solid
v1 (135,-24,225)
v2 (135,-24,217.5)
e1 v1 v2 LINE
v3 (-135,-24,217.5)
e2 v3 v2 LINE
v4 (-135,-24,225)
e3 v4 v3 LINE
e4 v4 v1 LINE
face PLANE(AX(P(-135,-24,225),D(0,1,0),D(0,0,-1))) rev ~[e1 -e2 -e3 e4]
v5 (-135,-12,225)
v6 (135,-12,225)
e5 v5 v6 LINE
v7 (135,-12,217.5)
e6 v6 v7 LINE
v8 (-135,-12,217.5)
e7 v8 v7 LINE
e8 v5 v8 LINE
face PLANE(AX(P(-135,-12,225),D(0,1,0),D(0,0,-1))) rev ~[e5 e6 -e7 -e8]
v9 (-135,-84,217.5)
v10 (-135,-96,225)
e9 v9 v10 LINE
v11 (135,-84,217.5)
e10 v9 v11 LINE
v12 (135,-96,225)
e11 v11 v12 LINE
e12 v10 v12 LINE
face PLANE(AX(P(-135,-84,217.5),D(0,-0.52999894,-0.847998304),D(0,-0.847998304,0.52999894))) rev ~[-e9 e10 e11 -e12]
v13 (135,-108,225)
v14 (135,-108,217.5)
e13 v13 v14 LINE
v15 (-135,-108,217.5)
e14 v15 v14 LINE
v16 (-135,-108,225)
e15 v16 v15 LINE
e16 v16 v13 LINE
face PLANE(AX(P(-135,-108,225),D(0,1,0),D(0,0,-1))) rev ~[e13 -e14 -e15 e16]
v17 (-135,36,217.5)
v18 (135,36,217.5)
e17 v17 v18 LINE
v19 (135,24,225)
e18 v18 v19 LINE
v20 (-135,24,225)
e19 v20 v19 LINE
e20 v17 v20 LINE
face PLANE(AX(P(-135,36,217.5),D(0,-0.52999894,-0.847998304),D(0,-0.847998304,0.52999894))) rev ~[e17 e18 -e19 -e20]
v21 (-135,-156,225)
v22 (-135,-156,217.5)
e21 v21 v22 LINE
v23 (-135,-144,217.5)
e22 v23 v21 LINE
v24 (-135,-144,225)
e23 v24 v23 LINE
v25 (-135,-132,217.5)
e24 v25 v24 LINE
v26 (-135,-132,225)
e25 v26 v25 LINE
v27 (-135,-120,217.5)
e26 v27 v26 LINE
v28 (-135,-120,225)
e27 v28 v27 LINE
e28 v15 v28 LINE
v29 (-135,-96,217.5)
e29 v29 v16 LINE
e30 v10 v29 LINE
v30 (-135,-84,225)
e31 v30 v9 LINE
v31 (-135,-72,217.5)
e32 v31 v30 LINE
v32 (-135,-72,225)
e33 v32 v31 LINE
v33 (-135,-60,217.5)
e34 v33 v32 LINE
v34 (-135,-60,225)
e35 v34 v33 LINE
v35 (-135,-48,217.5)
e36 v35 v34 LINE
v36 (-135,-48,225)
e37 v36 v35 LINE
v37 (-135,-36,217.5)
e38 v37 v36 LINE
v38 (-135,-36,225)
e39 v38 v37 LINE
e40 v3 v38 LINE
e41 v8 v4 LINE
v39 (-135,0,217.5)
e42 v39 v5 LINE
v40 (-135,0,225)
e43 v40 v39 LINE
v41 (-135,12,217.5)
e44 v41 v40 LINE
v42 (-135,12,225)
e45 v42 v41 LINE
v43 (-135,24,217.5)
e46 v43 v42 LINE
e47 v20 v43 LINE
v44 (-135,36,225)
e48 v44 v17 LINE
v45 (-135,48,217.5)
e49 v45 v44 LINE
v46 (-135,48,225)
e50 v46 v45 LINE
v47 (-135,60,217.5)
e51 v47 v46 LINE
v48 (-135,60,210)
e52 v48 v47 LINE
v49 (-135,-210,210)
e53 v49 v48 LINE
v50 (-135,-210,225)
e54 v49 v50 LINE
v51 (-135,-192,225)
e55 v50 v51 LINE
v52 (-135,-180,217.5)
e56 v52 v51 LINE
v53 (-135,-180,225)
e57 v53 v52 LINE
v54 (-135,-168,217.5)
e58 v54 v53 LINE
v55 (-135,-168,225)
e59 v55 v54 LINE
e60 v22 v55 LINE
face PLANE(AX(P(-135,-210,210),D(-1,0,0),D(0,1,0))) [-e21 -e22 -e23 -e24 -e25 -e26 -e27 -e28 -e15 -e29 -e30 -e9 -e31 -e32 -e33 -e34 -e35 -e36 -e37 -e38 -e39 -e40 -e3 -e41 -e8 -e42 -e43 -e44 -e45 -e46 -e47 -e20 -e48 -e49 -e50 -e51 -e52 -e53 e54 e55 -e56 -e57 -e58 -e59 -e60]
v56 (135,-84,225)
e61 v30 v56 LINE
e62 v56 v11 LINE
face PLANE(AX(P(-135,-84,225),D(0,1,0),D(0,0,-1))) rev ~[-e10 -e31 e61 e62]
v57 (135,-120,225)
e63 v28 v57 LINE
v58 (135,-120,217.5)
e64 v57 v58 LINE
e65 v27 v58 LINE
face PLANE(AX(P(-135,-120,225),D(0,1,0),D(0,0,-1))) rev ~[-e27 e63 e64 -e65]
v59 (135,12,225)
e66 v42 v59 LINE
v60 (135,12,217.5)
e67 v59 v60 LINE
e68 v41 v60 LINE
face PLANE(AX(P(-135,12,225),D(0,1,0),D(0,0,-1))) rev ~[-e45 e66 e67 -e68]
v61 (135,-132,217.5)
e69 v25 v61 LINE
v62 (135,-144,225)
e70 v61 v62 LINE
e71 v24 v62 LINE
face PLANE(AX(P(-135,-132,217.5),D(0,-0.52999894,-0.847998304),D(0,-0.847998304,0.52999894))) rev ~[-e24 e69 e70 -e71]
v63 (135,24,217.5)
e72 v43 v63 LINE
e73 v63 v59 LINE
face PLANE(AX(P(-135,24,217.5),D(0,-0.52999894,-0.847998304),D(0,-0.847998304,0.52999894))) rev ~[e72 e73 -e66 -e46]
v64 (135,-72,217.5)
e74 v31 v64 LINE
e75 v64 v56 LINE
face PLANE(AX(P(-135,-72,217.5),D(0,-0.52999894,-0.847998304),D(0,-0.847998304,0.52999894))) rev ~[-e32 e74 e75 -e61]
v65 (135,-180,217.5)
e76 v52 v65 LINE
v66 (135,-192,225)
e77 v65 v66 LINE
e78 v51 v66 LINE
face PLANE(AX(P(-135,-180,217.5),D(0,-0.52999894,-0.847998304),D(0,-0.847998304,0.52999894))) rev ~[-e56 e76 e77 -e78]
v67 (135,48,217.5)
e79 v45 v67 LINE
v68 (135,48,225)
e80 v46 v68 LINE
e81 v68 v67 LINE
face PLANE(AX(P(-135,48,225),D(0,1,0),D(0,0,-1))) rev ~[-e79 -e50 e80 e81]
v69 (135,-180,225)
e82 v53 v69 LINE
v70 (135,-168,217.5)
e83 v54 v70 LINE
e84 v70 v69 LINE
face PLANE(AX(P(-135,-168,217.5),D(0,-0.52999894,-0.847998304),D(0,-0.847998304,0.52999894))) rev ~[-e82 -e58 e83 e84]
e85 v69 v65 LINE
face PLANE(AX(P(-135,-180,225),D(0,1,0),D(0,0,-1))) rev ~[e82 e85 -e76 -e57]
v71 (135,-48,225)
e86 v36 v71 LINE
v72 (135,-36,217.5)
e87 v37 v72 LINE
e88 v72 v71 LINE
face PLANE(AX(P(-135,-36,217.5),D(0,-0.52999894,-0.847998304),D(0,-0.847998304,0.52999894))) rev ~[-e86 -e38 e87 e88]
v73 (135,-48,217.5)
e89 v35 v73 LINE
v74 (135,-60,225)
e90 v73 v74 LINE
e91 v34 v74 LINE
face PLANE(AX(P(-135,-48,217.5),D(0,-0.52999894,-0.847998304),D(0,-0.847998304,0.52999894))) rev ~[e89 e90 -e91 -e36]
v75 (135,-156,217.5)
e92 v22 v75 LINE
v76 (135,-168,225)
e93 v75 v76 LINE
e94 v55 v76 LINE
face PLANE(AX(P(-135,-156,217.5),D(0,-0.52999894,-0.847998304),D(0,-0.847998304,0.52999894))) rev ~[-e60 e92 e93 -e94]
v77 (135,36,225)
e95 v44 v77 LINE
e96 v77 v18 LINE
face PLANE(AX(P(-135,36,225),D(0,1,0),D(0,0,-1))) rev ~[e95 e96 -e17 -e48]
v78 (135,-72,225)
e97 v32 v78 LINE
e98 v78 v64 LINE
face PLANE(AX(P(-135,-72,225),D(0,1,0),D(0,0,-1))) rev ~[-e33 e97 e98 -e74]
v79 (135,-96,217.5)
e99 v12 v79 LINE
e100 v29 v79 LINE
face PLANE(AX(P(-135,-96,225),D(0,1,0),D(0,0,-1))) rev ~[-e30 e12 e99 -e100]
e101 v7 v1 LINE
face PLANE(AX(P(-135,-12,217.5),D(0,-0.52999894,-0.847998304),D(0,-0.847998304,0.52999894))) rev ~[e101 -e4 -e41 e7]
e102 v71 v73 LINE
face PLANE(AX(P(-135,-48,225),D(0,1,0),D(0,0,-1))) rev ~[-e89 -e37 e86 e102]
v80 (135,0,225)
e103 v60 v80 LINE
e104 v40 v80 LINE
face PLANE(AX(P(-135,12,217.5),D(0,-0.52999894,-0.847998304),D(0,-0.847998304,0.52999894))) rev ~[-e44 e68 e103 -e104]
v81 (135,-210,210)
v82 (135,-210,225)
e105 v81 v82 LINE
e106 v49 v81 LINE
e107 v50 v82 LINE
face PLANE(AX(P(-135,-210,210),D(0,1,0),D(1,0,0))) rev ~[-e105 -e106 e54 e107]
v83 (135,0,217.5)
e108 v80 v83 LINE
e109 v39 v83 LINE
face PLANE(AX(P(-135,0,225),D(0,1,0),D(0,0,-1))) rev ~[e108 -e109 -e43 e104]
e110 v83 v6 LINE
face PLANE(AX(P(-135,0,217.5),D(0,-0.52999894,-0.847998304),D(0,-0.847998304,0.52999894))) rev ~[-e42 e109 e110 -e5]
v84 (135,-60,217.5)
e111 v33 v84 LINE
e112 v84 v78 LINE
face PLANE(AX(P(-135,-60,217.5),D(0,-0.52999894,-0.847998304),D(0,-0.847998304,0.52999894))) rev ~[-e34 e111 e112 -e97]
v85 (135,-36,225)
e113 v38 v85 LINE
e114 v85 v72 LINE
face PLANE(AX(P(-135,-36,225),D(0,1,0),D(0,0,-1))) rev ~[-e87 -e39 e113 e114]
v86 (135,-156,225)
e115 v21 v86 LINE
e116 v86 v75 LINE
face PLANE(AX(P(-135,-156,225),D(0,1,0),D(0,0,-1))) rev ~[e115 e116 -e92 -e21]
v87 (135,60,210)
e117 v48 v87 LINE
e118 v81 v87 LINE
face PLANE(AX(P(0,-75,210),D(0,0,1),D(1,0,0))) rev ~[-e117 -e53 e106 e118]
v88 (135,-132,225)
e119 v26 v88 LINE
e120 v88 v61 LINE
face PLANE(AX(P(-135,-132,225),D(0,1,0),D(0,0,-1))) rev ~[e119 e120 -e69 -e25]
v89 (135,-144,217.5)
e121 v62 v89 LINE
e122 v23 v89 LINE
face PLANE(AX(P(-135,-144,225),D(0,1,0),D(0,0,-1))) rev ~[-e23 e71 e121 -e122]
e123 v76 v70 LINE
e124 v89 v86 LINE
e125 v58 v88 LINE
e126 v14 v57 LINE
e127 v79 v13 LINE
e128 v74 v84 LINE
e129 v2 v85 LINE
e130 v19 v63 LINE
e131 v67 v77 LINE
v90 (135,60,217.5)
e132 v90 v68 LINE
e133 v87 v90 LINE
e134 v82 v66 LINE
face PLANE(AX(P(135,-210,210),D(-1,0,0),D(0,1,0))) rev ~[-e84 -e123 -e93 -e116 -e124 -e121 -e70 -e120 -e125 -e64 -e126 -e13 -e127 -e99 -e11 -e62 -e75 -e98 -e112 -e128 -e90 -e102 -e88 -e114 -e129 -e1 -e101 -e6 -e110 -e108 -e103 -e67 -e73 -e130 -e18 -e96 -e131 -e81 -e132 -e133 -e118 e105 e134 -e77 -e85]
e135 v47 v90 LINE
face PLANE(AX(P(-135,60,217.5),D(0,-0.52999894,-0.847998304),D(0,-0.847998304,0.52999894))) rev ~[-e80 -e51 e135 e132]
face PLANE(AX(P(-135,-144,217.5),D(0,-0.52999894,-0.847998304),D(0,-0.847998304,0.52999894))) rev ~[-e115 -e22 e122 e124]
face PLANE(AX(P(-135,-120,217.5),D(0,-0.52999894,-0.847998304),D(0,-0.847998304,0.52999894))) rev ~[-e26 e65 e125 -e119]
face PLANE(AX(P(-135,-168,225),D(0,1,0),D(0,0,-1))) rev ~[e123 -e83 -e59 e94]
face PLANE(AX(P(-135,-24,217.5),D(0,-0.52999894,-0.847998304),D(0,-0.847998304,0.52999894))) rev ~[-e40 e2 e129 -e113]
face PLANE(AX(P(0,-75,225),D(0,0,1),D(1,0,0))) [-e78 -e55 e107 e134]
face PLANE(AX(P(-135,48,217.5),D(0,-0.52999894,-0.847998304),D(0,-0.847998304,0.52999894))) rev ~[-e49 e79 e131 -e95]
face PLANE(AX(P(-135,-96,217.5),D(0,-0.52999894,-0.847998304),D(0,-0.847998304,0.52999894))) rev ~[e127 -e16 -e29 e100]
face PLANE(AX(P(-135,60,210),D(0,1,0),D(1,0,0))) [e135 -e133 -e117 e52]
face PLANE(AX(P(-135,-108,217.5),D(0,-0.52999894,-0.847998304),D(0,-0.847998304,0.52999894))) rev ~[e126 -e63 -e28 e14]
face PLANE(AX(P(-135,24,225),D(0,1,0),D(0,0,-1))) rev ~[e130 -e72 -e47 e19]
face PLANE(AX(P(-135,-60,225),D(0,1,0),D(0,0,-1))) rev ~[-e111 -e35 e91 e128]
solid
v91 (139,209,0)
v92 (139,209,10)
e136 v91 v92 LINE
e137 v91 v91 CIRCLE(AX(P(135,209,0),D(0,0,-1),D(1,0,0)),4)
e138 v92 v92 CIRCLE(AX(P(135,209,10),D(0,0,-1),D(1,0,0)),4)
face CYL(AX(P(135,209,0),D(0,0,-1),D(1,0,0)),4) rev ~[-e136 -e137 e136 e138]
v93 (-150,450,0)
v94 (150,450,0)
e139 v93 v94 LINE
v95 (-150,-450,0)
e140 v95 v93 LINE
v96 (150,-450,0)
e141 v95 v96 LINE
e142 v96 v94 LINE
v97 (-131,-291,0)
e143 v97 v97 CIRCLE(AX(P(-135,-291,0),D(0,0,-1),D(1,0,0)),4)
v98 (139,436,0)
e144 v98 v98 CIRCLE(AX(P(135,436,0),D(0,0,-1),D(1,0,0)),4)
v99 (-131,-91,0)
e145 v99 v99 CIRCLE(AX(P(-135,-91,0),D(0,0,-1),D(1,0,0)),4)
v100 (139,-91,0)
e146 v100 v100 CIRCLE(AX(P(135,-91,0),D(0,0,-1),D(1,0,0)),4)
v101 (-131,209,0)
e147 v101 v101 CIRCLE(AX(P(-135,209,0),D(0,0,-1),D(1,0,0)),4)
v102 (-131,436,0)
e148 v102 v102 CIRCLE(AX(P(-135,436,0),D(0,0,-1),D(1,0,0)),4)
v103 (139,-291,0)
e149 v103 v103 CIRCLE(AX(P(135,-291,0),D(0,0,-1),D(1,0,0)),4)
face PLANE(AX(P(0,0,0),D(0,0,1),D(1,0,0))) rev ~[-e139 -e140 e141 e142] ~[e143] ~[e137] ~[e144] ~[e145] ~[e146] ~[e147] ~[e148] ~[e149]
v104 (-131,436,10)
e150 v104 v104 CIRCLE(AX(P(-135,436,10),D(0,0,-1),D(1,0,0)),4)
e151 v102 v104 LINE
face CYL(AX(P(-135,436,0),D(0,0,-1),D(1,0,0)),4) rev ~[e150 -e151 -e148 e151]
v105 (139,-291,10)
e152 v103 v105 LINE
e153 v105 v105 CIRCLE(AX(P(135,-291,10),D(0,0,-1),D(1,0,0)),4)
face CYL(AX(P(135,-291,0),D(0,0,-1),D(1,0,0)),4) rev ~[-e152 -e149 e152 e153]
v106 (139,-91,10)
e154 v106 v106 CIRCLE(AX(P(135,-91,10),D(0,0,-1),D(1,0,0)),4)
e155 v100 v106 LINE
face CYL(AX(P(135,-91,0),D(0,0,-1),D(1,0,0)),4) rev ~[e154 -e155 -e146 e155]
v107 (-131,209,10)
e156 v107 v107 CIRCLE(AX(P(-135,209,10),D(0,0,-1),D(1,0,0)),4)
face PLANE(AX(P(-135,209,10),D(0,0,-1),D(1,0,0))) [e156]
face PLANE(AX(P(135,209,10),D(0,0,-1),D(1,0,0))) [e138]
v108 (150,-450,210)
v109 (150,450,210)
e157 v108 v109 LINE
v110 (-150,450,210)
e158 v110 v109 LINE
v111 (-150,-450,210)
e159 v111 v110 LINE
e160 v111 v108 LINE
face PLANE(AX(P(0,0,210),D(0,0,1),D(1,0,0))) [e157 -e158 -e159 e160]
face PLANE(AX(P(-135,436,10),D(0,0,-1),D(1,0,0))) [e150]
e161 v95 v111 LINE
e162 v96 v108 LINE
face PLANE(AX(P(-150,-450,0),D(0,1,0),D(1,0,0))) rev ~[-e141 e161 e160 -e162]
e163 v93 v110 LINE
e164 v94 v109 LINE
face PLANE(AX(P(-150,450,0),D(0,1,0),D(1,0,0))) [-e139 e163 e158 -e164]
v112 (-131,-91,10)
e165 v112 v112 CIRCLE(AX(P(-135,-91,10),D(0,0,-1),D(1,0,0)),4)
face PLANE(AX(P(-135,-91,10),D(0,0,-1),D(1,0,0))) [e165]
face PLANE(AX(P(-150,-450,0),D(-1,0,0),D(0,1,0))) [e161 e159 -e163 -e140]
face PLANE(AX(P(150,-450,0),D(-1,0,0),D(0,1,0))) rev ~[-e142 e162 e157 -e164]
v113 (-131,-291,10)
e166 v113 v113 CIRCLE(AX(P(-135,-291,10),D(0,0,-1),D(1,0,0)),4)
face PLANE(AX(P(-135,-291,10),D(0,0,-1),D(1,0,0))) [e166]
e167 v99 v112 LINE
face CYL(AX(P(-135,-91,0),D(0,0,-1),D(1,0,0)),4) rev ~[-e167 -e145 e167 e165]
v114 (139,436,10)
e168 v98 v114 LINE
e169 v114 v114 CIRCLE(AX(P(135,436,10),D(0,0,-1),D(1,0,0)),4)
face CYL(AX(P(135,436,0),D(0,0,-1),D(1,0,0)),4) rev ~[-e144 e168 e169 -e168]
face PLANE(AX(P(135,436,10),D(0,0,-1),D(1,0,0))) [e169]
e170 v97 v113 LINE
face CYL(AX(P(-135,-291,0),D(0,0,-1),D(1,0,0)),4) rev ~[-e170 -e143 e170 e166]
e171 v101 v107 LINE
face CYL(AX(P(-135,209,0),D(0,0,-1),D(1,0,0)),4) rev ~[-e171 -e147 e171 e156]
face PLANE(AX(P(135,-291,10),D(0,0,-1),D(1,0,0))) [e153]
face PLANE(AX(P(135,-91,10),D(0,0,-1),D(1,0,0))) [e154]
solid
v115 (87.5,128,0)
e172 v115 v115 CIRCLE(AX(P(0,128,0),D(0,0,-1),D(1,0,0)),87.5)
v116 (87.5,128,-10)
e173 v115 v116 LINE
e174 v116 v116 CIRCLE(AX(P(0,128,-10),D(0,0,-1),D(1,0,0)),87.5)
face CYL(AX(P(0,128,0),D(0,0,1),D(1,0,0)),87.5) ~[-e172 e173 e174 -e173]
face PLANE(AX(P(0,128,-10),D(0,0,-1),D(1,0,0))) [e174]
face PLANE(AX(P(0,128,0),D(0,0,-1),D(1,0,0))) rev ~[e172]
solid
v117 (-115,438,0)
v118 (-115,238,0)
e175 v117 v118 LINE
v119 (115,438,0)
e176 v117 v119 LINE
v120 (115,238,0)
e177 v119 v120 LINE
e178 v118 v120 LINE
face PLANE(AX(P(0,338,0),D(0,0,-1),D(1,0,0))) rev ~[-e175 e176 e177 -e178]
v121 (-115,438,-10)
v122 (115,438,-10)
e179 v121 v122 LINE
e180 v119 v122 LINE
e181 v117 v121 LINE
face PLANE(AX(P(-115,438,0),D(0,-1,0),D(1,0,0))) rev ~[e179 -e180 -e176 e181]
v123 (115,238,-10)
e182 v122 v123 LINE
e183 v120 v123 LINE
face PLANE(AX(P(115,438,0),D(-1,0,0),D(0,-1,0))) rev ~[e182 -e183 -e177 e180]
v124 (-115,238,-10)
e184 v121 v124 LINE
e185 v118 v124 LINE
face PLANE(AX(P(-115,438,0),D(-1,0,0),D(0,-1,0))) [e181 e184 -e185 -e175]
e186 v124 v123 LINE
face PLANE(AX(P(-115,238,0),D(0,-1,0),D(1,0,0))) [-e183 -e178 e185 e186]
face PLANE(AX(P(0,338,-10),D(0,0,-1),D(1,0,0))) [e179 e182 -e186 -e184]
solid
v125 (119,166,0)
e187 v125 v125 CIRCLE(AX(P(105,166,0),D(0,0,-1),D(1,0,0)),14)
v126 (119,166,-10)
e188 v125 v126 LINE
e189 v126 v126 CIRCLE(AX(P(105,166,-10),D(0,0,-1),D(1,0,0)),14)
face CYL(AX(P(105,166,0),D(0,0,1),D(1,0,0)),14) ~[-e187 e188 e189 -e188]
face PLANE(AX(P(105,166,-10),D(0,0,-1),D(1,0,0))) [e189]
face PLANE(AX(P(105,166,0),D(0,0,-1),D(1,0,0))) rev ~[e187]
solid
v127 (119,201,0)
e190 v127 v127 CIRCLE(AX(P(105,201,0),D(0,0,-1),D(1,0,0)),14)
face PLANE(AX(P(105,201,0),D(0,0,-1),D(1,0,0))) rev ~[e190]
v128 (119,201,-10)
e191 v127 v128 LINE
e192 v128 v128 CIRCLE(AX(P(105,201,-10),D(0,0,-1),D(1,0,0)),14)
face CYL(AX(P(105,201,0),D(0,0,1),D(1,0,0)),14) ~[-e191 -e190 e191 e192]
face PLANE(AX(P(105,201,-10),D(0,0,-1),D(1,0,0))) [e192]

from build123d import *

# Parameters (mm, degrees)
F0_W     = 300
F0_H     = 900
F1_DEPTH = 210
F2_W     = 270
F2_H     = 270
F3_DEPTH = 15
F5_DEPTH = 312.33499
F6_W     = 230
F6_H     = 200
F6_R     = 87.5
F6_R_2   = 14
F7_DEPTH = 10
F6_R_3   = 4
F8_DEPTH = 10


with BuildPart() as f1:
    # F0 (on Top) → F1 (new body)
    with BuildSketch(Plane.XY):
        Rectangle(F0_W, F0_H)
    extrude(amount=F1_DEPTH)

    # F6 (on face) → F8 (cut)
    with BuildSketch(Plane(origin=(0, 0, 0), x_dir=(1, 0, 0), z_dir=(0, 0, -1))):
        with Locations((135, -436)):
            Circle(F6_R_3)
        with Locations((135, -209)):
            Circle(F6_R_3)
        with Locations((135, 91)):
            Circle(F6_R_3)
        with Locations((135, 291)):
            Circle(F6_R_3)
        with Locations((-135, 291)):
            Circle(F6_R_3)
        with Locations((-135, 91)):
            Circle(F6_R_3)
        with Locations((-135, -209)):
            Circle(F6_R_3)
        with Locations((-135, -436)):
            Circle(F6_R_3)
    extrude(amount=-F8_DEPTH, mode=Mode.SUBTRACT)


with BuildPart() as f3:
    # F2 (on face) → F3 (new body)
    with BuildSketch(Plane.XY.offset(210)):
        with Locations((0, -75)):
            Rectangle(F2_W, F2_H)
    extrude(amount=F3_DEPTH)

    # F4 (on face) → F5 (cut)
    with BuildSketch(Plane(origin=(-135, 0, 0), x_dir=(0, -1, 0), z_dir=(-1, 0, 0))):
        Polygon((-68.766557, 217.5), (-60, 217.5), (-48, 225), (-48, 217.5), (-36, 225), (-36, 217.5), (-24, 225), (-24, 217.5), (-12, 225), (-12, 217.5), (0, 225), (0, 217.5), (12, 225), (12, 217.5), (24, 225), (24, 217.5), (36, 225), (36, 217.5), (48, 225), (48, 217.5), (60, 225), (60, 217.5), (72, 225), (72, 217.5), (84, 225), (84, 217.5), (96, 225), (96, 217.5), (108, 225), (108, 217.5), (120, 225), (120, 217.5), (132, 225), (132, 217.5), (144, 225), (144, 217.5), (156, 225), (156, 217.5), (168, 225), (168, 217.5), (180, 225), (180, 217.5), (192, 225), (192, 249.122769), (-68.766557, 249.122769), align=None)
    extrude(amount=-F5_DEPTH, mode=Mode.SUBTRACT)


with BuildPart() as f7:
    # F6 (on face) → F7 (new body)
    with BuildSketch(Plane(origin=(0, 0, 0), x_dir=(1, 0, 0), z_dir=(0, 0, -1))):
        with Locations((0, -338)):
            Rectangle(F6_W, F6_H)
        with Locations((0, -128)):
            Circle(F6_R)
        with Locations((105, -201)):
            Circle(F6_R_2)
        with Locations((105, -166)):
            Circle(F6_R_2)
    extrude(amount=F7_DEPTH)


solid = Compound([f1.part, f3.part, f7.part])
